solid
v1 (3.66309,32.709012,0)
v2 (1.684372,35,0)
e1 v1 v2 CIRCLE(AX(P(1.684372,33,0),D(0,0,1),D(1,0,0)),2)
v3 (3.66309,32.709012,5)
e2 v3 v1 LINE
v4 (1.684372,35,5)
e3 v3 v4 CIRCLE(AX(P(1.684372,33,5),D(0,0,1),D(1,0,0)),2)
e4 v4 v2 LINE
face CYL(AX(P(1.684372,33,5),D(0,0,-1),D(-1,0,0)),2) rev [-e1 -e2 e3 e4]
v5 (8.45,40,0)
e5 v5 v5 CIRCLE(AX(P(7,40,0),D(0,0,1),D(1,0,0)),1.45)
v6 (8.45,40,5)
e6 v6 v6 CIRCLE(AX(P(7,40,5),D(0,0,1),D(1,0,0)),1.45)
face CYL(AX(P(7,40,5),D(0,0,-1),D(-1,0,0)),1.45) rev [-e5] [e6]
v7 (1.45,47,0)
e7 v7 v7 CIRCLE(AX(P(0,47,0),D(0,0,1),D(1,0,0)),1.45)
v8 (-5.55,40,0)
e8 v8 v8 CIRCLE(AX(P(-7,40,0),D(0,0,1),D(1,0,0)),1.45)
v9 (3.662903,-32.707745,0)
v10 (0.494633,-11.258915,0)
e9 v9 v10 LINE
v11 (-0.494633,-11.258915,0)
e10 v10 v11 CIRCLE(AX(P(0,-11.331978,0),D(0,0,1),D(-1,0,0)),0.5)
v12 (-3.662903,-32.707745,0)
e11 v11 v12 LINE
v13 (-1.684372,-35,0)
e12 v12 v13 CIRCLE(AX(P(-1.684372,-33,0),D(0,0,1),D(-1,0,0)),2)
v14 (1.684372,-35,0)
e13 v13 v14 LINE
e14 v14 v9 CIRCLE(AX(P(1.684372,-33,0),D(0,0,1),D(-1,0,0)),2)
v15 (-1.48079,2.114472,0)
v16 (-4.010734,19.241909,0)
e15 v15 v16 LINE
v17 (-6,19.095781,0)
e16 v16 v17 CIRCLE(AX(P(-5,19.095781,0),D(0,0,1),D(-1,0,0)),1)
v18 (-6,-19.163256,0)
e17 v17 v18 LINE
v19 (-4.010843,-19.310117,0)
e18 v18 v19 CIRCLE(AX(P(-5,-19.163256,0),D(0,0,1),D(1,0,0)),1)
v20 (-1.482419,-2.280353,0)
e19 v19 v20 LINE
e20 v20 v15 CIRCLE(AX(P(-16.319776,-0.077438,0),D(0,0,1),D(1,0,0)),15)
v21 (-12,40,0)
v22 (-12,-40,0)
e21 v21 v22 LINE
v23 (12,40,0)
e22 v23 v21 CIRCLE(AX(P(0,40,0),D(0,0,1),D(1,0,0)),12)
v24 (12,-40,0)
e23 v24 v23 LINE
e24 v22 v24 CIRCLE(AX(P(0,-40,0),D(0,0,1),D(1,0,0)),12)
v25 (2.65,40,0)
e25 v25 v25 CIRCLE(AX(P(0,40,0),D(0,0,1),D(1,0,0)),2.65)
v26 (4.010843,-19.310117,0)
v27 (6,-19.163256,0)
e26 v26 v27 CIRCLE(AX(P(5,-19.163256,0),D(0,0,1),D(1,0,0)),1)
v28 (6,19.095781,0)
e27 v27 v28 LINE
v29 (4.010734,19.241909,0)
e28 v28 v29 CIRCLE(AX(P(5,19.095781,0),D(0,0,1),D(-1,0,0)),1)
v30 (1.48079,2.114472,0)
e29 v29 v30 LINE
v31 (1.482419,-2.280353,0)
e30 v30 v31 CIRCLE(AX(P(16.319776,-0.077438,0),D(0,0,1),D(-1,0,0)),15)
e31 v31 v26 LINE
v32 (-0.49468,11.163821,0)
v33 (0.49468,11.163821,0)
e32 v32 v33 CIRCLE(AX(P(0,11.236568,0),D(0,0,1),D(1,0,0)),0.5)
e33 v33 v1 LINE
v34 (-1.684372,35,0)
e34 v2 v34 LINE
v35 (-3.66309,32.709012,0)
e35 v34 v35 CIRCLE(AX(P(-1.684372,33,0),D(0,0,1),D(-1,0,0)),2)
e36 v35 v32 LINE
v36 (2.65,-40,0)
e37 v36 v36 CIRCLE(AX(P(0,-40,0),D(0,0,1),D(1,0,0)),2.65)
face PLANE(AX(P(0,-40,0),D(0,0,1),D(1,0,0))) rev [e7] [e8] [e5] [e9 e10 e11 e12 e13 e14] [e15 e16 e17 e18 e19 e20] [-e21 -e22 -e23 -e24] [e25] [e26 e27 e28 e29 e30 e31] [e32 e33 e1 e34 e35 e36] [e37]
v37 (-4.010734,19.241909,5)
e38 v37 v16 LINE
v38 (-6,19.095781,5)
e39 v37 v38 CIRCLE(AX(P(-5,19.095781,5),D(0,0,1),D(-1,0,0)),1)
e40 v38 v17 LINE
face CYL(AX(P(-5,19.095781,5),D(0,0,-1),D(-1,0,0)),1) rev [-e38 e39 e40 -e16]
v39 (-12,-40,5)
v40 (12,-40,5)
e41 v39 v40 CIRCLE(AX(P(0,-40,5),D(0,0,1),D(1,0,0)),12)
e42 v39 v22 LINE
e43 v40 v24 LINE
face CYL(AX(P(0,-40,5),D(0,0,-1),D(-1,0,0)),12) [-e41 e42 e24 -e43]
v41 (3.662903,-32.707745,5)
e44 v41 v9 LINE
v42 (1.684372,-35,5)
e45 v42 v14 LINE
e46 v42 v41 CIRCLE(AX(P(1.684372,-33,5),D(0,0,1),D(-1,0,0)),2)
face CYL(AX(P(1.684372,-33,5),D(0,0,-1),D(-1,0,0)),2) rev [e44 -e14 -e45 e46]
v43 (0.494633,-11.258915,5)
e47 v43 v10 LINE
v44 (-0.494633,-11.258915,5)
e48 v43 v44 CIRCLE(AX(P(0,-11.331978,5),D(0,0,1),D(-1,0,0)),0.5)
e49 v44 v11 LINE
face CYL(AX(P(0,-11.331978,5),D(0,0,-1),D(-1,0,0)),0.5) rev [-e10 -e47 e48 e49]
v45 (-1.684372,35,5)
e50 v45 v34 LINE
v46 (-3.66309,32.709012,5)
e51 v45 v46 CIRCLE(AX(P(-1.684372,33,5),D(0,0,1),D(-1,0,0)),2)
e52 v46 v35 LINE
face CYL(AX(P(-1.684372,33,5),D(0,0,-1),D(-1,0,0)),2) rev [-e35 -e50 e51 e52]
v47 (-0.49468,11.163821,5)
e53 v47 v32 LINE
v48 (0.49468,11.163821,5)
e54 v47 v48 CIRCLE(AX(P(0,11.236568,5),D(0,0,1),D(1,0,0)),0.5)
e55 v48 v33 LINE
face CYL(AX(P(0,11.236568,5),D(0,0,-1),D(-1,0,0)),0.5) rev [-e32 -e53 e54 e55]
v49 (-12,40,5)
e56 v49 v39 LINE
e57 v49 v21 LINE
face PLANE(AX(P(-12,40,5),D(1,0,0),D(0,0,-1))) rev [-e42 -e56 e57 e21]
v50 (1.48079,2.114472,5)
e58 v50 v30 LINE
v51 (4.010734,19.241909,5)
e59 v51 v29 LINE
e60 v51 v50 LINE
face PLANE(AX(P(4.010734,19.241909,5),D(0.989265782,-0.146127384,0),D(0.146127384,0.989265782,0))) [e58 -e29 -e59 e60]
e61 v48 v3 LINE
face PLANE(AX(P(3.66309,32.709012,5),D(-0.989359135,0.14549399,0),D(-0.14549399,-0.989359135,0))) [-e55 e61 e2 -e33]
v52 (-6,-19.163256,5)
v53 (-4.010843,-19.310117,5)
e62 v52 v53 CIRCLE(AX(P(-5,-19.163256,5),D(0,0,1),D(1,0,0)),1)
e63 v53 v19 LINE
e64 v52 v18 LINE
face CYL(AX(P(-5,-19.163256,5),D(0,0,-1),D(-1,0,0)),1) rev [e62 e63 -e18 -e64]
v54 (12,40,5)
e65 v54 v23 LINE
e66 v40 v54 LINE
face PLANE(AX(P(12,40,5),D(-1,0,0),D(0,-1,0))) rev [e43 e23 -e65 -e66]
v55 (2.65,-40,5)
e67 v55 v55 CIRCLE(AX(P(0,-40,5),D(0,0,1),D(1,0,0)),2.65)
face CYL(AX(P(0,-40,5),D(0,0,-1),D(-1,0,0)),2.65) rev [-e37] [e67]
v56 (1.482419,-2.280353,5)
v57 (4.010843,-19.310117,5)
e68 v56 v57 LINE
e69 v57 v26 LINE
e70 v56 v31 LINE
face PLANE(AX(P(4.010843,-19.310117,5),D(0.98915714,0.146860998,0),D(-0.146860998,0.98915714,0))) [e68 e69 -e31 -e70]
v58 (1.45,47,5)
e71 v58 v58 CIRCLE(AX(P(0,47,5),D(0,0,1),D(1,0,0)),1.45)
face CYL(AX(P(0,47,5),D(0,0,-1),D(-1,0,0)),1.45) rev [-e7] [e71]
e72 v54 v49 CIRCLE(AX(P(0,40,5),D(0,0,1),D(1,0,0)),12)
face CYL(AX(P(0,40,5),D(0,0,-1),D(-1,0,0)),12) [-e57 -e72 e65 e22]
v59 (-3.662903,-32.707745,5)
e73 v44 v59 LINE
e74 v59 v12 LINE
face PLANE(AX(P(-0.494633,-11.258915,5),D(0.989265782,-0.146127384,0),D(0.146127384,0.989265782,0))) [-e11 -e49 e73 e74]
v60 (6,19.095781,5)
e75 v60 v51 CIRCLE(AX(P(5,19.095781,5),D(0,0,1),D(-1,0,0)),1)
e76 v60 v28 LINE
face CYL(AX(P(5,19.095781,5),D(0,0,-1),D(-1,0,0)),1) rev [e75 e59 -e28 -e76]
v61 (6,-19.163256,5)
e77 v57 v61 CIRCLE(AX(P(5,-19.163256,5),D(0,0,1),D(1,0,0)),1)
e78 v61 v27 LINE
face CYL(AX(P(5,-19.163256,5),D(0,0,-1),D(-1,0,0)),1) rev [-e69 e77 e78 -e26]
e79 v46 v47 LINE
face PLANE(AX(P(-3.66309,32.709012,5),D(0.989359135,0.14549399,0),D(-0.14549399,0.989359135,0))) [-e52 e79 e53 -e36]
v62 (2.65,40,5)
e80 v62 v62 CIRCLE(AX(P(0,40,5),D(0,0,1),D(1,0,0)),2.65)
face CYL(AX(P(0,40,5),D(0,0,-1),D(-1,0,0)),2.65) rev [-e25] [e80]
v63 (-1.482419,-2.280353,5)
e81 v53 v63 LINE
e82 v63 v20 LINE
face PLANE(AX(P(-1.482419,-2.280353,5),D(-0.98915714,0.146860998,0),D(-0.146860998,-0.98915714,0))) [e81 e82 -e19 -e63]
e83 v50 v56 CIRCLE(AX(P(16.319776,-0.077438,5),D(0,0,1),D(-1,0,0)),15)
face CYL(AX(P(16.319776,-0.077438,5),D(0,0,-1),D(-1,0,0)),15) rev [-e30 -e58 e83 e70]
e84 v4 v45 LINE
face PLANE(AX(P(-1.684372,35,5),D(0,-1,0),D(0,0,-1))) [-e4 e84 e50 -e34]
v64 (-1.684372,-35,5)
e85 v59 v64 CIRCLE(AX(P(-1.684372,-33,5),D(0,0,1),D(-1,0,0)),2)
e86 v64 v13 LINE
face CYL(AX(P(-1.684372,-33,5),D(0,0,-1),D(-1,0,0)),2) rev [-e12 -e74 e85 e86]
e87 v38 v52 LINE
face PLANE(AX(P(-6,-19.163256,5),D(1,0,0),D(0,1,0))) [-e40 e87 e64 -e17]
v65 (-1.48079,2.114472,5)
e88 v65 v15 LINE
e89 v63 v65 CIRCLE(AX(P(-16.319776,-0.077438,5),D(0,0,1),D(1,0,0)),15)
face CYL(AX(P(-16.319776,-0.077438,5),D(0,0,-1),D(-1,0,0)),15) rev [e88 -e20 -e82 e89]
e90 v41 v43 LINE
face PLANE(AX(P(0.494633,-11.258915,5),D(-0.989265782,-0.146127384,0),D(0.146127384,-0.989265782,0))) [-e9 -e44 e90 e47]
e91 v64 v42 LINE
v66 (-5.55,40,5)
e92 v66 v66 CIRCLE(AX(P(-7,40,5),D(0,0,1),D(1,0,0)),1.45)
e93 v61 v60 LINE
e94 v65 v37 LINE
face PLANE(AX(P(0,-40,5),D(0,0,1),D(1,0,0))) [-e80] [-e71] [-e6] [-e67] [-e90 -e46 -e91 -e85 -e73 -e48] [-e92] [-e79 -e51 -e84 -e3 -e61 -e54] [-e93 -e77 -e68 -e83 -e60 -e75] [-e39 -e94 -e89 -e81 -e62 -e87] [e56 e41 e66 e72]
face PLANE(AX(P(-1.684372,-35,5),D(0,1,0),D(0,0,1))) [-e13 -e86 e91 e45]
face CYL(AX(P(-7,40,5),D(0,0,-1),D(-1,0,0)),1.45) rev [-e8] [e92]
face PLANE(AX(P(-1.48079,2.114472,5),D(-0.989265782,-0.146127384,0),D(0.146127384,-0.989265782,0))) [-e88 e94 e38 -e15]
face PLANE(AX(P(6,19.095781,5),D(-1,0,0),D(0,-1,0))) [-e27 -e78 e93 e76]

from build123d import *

# Parameters (mm, degrees)
SKETCH_1_R      = 2.65
SKETCH_1_R_2    = 1.45
EXTRUDE_1_DEPTH = 5


with BuildPart() as part:
    # 草图1 → 凸台-拉伸1 (new body)
    with BuildSketch(Plane.XY):
        with BuildLine():
            Line((-12, 40), (-12, -40))
            ThreePointArc((-12, -40), (0, -52), (12, -40))
            Line((12, -40), (12, 40))
            ThreePointArc((12, 40), (0, 52), (-12, 40))
        make_face()
        with Locations((0, 40)):
            Circle(SKETCH_1_R, mode=Mode.SUBTRACT)
        with Locations((0, -40)):
            Circle(SKETCH_1_R, mode=Mode.SUBTRACT)
        with Locations((7, 40)):
            Circle(SKETCH_1_R_2, mode=Mode.SUBTRACT)
        with Locations((-7, 40)):
            Circle(SKETCH_1_R_2, mode=Mode.SUBTRACT)
        with Locations((0, 47)):
            Circle(SKETCH_1_R_2, mode=Mode.SUBTRACT)
        with BuildLine():
            Line((-1.684371732, 35), (1.684371732, 35))
            ThreePointArc((1.684371732, 35), (3.19797273, 34.307291865), (3.663090003, 32.709012019))
            Line((3.663090003, 32.709012019), (0.494679568, 11.16382106))
            ThreePointArc((0.494679568, 11.16382106), (0, 10.736568055), (-0.494679568, 11.16382106))
            Line((-0.494679568, 11.16382106), (-3.663090003, 32.709012019))
            ThreePointArc((-3.663090003, 32.709012019), (-3.19797273, 34.307291865), (-1.684371732, 35))
        make_face(mode=Mode.SUBTRACT)
        with BuildLine():
            Line((6, 19.095781345), (6, -19.163256412))
            ThreePointArc((6, -19.163256412), (5.073630361, -20.160542013), (4.01084286, -19.31011741))
            Line((4.01084286, -19.31011741), (1.482419396, -2.280353461))
            ThreePointArc((1.482419396, -2.280353461), (1.319777526, -0.083000608), (1.480789762, 2.114472259))
            Line((1.480789762, 2.114472259), (4.010734218, 19.241908728))
            ThreePointArc((4.010734218, 19.241908728), (5.073260555, 20.09309418), (6, 19.095781345))
        make_face(mode=Mode.SUBTRACT)
        with BuildLine():
            Line((-1.684371732, -35), (1.684371732, -35))
            ThreePointArc((1.684371732, -35), (3.19839114, -34.306807267), (3.662903296, -32.707745233))
            Line((3.662903296, -32.707745233), (0.494632891, -11.258914622))
            ThreePointArc((0.494632891, -11.258914622), (0, -10.831978314), (-0.494632891, -11.258914622))
            Line((-0.494632891, -11.258914622), (-3.662903296, -32.707745233))
            ThreePointArc((-3.662903296, -32.707745233), (-3.19839114, -34.306807267), (-1.684371732, -35))
        make_face(mode=Mode.SUBTRACT)
        with BuildLine():
            Line((-6, -19.163256412), (-6, 19.095781345))
            ThreePointArc((-6, 19.095781345), (-5.073260555, 20.09309418), (-4.010734218, 19.241908728))
            Line((-4.010734218, 19.241908728), (-1.480789762, 2.114472259))
            ThreePointArc((-1.480789762, 2.114472259), (-1.319777526, -0.083000608), (-1.482419396, -2.280353461))
            Line((-1.482419396, -2.280353461), (-4.01084286, -19.31011741))
            ThreePointArc((-4.01084286, -19.31011741), (-5.073630361, -20.160542013), (-6, -19.163256412))
        make_face(mode=Mode.SUBTRACT)
    extrude(amount=EXTRUDE_1_DEPTH)


solid = part.part
